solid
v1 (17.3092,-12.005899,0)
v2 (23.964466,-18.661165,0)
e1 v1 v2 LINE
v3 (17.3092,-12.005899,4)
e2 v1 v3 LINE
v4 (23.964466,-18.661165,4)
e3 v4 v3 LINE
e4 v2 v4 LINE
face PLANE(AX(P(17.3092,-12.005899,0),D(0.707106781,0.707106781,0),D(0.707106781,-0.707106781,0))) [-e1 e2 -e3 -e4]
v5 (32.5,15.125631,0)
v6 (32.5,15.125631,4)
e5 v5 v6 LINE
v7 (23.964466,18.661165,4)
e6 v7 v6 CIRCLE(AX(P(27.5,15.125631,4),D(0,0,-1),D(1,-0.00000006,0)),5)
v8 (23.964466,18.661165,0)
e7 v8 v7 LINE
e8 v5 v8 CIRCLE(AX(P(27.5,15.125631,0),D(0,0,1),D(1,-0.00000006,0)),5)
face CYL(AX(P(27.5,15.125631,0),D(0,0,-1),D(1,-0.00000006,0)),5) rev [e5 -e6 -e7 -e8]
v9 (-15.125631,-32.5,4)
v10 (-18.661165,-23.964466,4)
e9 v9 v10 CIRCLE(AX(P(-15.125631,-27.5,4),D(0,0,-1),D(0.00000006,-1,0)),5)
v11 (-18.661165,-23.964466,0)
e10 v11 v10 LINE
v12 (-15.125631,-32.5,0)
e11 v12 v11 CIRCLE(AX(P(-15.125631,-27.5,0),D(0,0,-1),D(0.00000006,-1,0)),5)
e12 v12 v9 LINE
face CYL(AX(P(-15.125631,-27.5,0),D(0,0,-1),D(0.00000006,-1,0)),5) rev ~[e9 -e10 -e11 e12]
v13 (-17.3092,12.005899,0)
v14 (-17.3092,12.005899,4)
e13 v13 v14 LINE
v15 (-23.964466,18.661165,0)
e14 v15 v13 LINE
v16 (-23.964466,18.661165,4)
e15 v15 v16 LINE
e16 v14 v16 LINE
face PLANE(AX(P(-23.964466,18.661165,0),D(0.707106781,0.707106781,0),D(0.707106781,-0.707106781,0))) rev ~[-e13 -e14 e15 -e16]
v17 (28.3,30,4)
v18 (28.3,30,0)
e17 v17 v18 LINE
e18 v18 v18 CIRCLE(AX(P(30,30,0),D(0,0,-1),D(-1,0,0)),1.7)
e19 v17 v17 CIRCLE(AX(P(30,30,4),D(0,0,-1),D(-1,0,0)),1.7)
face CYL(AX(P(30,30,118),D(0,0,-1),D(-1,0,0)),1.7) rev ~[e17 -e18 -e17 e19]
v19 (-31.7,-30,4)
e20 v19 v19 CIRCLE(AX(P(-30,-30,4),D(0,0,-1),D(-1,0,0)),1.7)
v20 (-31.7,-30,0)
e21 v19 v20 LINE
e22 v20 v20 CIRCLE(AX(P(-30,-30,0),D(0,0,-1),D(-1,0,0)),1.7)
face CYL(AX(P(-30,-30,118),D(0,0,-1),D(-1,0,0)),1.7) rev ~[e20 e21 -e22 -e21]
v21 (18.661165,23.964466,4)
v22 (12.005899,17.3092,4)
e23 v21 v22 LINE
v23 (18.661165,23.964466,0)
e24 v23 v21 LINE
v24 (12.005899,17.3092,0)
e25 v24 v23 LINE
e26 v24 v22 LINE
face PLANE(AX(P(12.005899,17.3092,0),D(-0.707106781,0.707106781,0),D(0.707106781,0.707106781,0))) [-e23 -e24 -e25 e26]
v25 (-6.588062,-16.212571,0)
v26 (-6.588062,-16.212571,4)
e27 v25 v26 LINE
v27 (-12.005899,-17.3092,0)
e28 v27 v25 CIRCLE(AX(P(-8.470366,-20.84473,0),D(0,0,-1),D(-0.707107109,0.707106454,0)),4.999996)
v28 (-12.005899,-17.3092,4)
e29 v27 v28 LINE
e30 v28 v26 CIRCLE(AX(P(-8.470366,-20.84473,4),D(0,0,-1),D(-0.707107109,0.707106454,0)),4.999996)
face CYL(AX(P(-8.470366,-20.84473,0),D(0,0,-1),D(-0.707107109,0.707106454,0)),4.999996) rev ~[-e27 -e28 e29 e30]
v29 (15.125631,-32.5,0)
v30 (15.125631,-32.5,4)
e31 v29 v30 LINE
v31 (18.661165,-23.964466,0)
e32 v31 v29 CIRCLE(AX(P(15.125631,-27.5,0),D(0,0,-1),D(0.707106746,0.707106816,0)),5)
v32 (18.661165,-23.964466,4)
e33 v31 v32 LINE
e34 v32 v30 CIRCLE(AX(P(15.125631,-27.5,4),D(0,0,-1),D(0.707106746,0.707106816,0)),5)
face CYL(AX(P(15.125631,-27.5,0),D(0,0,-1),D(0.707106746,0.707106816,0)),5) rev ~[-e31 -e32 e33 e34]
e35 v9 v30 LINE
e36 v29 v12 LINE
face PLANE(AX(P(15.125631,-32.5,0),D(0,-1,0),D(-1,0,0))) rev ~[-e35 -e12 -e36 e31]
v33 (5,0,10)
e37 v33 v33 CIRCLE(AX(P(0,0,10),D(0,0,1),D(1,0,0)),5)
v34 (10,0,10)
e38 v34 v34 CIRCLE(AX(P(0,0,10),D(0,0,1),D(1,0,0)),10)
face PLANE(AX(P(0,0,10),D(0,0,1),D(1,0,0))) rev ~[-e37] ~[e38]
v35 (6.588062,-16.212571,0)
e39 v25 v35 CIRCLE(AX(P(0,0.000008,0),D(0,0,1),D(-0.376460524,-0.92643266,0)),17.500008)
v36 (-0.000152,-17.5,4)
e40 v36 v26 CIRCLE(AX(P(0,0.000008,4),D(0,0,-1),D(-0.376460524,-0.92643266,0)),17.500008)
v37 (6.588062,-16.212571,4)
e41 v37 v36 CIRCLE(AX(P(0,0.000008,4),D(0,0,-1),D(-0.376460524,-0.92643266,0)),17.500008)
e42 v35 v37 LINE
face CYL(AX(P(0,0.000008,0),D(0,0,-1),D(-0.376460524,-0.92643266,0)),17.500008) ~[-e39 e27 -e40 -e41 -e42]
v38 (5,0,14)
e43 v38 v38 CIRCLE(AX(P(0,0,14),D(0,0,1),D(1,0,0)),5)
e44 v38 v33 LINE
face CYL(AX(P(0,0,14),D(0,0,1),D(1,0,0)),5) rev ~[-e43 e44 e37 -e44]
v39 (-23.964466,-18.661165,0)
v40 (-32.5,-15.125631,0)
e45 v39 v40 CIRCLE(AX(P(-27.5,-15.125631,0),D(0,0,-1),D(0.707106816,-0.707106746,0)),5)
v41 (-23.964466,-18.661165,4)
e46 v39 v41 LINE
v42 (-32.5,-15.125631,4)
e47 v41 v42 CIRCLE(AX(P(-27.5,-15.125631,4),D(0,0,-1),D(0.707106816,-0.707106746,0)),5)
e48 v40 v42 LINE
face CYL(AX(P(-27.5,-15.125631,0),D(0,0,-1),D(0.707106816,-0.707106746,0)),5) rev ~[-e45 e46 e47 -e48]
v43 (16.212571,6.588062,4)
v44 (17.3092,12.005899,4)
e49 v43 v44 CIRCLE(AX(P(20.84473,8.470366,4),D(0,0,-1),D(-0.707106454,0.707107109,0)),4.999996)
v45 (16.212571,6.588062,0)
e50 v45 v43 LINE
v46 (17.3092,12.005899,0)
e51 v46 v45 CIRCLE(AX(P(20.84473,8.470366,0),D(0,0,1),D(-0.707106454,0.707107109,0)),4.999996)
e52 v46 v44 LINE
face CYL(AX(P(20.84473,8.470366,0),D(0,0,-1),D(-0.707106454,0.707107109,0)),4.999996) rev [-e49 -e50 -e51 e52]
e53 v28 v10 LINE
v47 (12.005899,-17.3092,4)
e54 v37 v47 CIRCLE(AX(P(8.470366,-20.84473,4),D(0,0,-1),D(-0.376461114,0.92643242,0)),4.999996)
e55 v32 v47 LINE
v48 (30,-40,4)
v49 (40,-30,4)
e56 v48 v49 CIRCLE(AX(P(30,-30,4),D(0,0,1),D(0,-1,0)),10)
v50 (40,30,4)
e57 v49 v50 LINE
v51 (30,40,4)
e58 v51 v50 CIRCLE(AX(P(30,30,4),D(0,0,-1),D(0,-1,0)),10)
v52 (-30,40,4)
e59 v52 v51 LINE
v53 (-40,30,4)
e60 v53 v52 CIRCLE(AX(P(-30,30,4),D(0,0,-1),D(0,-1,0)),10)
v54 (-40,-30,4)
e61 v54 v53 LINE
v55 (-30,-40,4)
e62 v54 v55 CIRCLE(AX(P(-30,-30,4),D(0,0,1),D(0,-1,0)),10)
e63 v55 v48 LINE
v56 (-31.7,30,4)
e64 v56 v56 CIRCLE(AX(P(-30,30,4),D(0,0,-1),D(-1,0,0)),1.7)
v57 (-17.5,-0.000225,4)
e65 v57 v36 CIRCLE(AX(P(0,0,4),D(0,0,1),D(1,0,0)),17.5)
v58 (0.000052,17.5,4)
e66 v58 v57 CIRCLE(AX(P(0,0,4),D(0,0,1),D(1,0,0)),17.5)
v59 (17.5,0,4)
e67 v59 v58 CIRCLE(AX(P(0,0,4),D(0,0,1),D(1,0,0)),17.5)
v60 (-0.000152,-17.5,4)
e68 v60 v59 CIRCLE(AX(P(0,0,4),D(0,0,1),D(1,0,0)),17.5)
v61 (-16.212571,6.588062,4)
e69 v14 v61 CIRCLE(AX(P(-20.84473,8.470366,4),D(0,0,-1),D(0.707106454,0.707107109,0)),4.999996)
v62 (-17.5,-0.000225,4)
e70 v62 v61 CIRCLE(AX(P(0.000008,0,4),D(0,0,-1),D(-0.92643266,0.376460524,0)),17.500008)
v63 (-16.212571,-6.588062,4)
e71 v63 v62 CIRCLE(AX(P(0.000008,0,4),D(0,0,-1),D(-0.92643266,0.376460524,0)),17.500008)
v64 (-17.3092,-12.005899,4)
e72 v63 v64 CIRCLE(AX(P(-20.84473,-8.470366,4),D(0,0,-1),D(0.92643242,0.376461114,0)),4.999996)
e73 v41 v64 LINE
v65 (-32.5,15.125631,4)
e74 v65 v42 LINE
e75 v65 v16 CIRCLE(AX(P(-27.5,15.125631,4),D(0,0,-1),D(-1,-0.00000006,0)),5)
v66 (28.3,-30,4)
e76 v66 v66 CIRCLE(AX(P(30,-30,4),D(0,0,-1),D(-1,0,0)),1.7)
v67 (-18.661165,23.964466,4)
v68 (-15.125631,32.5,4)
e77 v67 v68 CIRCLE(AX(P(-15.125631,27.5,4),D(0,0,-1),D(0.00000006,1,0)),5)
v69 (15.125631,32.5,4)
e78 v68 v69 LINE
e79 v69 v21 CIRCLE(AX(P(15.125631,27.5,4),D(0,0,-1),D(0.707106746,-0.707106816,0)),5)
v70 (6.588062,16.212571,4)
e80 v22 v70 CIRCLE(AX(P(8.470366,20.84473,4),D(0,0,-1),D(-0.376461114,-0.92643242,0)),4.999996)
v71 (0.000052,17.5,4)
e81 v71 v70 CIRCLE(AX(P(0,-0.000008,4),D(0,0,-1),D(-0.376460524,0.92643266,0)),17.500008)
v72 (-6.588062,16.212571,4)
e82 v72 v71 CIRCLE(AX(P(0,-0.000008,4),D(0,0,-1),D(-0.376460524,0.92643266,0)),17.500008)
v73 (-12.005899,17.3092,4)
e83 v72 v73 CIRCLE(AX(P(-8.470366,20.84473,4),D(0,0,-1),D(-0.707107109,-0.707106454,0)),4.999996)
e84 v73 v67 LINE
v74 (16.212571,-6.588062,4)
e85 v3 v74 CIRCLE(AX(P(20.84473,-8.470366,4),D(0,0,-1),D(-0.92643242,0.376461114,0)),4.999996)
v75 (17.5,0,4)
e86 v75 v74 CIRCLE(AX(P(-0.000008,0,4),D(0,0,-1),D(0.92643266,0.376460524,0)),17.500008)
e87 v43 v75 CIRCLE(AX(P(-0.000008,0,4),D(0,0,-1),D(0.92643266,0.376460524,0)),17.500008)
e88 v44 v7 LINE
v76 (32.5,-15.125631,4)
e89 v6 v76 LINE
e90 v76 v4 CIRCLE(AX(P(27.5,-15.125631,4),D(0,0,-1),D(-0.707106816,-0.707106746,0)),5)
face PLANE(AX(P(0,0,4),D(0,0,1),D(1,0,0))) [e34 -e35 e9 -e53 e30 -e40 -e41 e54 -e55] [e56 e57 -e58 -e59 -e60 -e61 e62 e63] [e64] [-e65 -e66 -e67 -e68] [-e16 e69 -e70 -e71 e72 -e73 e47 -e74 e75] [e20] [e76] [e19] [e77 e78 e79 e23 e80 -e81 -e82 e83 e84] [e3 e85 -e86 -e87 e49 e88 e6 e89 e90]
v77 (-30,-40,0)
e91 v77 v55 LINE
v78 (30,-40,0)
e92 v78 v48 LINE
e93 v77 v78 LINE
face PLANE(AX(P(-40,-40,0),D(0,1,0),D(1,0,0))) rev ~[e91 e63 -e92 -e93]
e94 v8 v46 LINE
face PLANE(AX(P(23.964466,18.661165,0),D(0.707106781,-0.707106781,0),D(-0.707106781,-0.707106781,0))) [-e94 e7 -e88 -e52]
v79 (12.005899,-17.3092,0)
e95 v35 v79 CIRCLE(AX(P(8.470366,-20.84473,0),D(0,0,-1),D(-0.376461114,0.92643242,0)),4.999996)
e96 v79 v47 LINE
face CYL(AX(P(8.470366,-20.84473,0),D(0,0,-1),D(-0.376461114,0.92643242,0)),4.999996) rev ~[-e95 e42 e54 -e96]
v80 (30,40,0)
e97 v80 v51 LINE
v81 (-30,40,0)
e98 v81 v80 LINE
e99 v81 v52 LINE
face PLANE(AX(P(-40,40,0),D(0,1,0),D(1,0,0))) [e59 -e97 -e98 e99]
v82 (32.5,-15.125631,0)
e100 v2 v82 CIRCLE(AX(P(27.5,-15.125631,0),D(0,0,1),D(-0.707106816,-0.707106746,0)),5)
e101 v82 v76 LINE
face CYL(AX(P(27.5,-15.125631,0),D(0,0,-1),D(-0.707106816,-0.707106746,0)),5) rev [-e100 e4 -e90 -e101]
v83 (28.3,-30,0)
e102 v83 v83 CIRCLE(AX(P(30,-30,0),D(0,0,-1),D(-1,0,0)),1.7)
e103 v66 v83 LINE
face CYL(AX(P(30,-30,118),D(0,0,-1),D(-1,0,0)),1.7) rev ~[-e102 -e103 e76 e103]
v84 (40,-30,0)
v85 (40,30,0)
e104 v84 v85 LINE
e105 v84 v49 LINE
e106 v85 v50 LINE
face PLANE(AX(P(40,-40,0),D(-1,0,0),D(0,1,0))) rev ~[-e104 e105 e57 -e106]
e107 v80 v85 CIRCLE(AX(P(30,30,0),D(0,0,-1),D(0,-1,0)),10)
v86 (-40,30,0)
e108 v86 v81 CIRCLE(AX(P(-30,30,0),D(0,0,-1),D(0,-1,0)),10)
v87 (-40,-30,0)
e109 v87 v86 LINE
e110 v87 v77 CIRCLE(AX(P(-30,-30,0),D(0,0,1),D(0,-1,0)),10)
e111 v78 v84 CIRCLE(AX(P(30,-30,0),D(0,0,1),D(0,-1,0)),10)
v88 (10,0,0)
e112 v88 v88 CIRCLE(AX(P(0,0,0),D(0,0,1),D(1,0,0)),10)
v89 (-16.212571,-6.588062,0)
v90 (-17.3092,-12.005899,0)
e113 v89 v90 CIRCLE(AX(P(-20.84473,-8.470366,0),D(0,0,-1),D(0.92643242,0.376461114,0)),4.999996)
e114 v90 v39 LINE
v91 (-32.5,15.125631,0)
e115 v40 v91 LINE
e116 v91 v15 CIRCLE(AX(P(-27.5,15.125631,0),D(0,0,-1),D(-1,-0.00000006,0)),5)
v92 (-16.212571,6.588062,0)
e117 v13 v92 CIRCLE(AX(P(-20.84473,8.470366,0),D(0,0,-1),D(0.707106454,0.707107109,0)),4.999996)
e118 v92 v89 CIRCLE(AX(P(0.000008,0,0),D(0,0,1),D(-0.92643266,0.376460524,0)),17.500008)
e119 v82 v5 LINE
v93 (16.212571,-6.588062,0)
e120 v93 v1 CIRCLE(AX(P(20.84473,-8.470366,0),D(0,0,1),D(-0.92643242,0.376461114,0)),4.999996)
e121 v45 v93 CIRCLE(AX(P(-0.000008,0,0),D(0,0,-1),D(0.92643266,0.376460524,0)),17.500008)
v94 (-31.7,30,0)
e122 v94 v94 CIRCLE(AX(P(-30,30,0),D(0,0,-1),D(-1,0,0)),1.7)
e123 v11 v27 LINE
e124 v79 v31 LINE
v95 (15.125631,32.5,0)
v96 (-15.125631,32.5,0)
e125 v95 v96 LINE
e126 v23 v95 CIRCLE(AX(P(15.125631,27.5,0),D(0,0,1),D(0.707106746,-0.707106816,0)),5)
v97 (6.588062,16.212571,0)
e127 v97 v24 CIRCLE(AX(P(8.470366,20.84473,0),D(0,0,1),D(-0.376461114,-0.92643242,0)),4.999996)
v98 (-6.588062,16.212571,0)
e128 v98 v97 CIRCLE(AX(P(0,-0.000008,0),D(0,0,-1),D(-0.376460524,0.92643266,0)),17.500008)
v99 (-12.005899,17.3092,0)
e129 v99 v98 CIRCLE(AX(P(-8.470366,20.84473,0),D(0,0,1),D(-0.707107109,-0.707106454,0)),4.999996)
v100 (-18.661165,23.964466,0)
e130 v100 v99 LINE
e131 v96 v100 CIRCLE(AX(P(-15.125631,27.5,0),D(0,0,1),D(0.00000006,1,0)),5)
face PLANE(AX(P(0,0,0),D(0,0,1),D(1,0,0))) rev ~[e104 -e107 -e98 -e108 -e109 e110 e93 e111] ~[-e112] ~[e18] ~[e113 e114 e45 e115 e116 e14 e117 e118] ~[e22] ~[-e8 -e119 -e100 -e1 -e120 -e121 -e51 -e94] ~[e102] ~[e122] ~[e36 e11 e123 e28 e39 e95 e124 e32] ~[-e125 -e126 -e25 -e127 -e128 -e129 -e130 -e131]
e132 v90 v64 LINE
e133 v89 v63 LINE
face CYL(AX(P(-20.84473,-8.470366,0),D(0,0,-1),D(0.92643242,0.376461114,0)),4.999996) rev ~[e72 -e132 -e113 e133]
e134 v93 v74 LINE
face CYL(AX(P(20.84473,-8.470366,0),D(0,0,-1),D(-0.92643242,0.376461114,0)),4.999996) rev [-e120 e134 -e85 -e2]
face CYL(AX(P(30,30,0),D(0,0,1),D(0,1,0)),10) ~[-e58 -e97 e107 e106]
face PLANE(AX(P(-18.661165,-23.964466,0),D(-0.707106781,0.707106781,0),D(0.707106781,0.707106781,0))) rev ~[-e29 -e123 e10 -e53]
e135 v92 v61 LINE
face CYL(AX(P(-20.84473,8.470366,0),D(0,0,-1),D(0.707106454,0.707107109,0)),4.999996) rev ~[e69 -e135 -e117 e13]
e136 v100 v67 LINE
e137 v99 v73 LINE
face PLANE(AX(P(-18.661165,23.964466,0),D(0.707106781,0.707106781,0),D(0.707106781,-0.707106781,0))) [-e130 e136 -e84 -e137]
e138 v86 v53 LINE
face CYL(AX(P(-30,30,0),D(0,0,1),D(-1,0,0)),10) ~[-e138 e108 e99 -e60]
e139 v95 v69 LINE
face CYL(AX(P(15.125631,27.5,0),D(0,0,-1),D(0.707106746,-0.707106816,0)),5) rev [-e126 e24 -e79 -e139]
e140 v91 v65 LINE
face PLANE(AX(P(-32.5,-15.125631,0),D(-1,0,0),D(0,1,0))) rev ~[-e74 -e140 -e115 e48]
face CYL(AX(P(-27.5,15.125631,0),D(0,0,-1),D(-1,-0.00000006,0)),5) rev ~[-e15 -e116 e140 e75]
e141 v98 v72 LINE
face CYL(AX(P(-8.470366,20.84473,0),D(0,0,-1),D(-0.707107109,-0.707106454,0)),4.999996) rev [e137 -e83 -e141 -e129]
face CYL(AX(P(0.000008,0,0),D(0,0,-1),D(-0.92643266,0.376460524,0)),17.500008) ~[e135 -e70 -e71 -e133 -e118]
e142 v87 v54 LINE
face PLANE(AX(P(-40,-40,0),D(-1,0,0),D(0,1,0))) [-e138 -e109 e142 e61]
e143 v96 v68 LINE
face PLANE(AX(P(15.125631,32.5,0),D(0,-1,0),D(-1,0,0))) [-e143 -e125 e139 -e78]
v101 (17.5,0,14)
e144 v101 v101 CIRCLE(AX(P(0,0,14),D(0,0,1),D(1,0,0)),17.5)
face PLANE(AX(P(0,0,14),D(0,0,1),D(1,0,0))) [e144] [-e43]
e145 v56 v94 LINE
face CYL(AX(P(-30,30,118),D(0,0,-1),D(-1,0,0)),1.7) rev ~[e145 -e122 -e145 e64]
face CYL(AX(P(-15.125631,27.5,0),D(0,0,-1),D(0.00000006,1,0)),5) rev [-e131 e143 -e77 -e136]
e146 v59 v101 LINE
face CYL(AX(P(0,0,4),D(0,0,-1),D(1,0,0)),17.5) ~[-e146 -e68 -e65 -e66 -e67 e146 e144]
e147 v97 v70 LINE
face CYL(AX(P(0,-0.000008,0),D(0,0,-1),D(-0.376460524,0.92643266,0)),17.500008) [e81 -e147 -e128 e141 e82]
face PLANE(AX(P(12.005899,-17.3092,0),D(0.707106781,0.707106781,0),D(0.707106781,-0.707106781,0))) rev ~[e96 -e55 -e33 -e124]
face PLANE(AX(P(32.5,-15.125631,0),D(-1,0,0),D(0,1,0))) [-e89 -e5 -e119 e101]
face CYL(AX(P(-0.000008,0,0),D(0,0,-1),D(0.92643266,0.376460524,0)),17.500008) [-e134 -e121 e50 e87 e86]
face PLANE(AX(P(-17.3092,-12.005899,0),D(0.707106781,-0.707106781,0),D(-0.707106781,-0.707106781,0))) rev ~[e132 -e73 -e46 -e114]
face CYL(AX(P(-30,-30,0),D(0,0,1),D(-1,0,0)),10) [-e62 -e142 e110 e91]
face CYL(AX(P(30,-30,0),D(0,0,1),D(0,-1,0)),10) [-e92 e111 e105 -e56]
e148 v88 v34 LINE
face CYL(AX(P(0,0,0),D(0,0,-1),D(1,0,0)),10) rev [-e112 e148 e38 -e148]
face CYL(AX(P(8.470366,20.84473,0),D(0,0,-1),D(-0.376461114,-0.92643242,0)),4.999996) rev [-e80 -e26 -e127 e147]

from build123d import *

# Parameters (mm, degrees)
SKETCH1_W            = 80
SKETCH1_H            = 80
BOSS_EXTRUDE1_DEPTH  = 4
CUT_EXTRUDE3_DEPTH   = 5
SKETCH8_R            = 17.5
BOSS_EXTRUDE2_DEPTH  = 10
M3_CLEARANCE_HOLE1_D = 3.4
FILLET1_R            = 10
SKETCH2_R            = 10
CUT_EXTRUDE4_DEPTH   = 10
SKETCH9_R            = 5
CUT_EXTRUDE5_DEPTH   = 15


with BuildPart() as part:
    # Sketch1 → Boss-Extrude1 (new body)
    with BuildSketch(Plane.XY):
        Rectangle(SKETCH1_W, SKETCH1_H)
    extrude(amount=BOSS_EXTRUDE1_DEPTH)

    # Sketch7 → Cut-Extrude3 (cut, through all)
    with BuildSketch(Plane(origin=(0, 0, 0), x_dir=(-1, 0, 0), z_dir=(0, 0, -1))):
        with BuildLine():
            Line((17.3092, -12.005899), (23.964466, -18.661165))
            ThreePointArc((23.964466, -18.661165), (29.413417, -19.745029), (32.5, -15.125631))
            Line((32.5, -15.125631), (32.5, 15.125631))
            ThreePointArc((32.5, 15.125631), (29.413417, 19.745029), (23.964466, 18.661165))
            Line((23.964466, 18.661165), (17.3092, 12.005899))
            ThreePointArc((17.3092, 12.005899), (15.944115, 9.462303), (16.212571, 6.588062))
            ThreePointArc((16.212571, 6.588062), (17.5, 0), (16.212571, -6.588062))
            ThreePointArc((16.212571, -6.588062), (15.944115, -9.462303), (17.3092, -12.005899))
        make_face()
        with BuildLine():
            Line((-15.125631, -32.5), (15.125631, -32.5))
            ThreePointArc((15.125631, -32.5), (19.745029, -29.413417), (18.661165, -23.964466))
            Line((18.661165, -23.964466), (12.005899, -17.3092))
            ThreePointArc((12.005899, -17.3092), (9.462303, -15.944115), (6.588062, -16.212571))
            ThreePointArc((6.588062, -16.212571), (0, -17.5), (-6.588062, -16.212571))
            ThreePointArc((-6.588062, -16.212571), (-9.462303, -15.944115), (-12.005899, -17.3092))
            Line((-12.005899, -17.3092), (-18.661165, -23.964466))
            ThreePointArc((-18.661165, -23.964466), (-19.745029, -29.413417), (-15.125631, -32.5))
        make_face()
        with BuildLine():
            Line((-32.5, -15.125631), (-32.5, 15.125631))
            ThreePointArc((-32.5, 15.125631), (-29.413417, 19.745029), (-23.964466, 18.661165))
            Line((-23.964466, 18.661165), (-17.3092, 12.005899))
            ThreePointArc((-17.3092, 12.005899), (-15.944115, 9.462303), (-16.212571, 6.588062))
            ThreePointArc((-16.212571, 6.588062), (-17.5, 0), (-16.212571, -6.588062))
            ThreePointArc((-16.212571, -6.588062), (-15.944115, -9.462303), (-17.3092, -12.005899))
            Line((-17.3092, -12.005899), (-23.964466, -18.661165))
            ThreePointArc((-23.964466, -18.661165), (-29.413417, -19.745029), (-32.5, -15.125631))
        make_face()
        with BuildLine():
            Line((-15.125631, 32.5), (15.125631, 32.5))
            ThreePointArc((15.125631, 32.5), (19.745029, 29.413417), (18.661165, 23.964466))
            Line((18.661165, 23.964466), (12.005899, 17.3092))
            ThreePointArc((12.005899, 17.3092), (9.462303, 15.944115), (6.588062, 16.212571))
            ThreePointArc((6.588062, 16.212571), (0, 17.5), (-6.588062, 16.212571))
            ThreePointArc((-6.588062, 16.212571), (-9.462303, 15.944115), (-12.005899, 17.3092))
            Line((-12.005899, 17.3092), (-18.661165, 23.964466))
            ThreePointArc((-18.661165, 23.964466), (-19.745029, 29.413417), (-15.125631, 32.5))
        make_face()
    extrude(amount=-CUT_EXTRUDE3_DEPTH, mode=Mode.SUBTRACT)

    # Sketch8 → Boss-Extrude2 (add)
    with BuildSketch(Plane.XY.offset(4)):
        Circle(SKETCH8_R)
    extrude(amount=BOSS_EXTRUDE2_DEPTH)

    # M3 Clearance Hole1 (through all)
    with Locations(Plane.XY.offset(4)):
        with Locations((-30, 30), (30, 30), (30, -30), (-30, -30)):
            Hole(M3_CLEARANCE_HOLE1_D / 2)

    # Fillet1
    fillet1_edges = [part.edges().sort_by_distance(p)[0] for p in [
        (40, -40, 2),
        (-40, -40, 2),
        (-40, 40, 2),
        (40, 40, 2),
    ]]
    fillet(fillet1_edges, radius=FILLET1_R)

    # Sketch2 → Cut-Extrude4 (cut)
    with BuildSketch(Plane.XY):
        Circle(SKETCH2_R)
    extrude(amount=CUT_EXTRUDE4_DEPTH, mode=Mode.SUBTRACT)

    # Sketch9 → Cut-Extrude5 (cut, through all)
    with BuildSketch(Plane.XY.offset(14)):
        Circle(SKETCH9_R)
    extrude(amount=-CUT_EXTRUDE5_DEPTH, mode=Mode.SUBTRACT)


solid = part.part
